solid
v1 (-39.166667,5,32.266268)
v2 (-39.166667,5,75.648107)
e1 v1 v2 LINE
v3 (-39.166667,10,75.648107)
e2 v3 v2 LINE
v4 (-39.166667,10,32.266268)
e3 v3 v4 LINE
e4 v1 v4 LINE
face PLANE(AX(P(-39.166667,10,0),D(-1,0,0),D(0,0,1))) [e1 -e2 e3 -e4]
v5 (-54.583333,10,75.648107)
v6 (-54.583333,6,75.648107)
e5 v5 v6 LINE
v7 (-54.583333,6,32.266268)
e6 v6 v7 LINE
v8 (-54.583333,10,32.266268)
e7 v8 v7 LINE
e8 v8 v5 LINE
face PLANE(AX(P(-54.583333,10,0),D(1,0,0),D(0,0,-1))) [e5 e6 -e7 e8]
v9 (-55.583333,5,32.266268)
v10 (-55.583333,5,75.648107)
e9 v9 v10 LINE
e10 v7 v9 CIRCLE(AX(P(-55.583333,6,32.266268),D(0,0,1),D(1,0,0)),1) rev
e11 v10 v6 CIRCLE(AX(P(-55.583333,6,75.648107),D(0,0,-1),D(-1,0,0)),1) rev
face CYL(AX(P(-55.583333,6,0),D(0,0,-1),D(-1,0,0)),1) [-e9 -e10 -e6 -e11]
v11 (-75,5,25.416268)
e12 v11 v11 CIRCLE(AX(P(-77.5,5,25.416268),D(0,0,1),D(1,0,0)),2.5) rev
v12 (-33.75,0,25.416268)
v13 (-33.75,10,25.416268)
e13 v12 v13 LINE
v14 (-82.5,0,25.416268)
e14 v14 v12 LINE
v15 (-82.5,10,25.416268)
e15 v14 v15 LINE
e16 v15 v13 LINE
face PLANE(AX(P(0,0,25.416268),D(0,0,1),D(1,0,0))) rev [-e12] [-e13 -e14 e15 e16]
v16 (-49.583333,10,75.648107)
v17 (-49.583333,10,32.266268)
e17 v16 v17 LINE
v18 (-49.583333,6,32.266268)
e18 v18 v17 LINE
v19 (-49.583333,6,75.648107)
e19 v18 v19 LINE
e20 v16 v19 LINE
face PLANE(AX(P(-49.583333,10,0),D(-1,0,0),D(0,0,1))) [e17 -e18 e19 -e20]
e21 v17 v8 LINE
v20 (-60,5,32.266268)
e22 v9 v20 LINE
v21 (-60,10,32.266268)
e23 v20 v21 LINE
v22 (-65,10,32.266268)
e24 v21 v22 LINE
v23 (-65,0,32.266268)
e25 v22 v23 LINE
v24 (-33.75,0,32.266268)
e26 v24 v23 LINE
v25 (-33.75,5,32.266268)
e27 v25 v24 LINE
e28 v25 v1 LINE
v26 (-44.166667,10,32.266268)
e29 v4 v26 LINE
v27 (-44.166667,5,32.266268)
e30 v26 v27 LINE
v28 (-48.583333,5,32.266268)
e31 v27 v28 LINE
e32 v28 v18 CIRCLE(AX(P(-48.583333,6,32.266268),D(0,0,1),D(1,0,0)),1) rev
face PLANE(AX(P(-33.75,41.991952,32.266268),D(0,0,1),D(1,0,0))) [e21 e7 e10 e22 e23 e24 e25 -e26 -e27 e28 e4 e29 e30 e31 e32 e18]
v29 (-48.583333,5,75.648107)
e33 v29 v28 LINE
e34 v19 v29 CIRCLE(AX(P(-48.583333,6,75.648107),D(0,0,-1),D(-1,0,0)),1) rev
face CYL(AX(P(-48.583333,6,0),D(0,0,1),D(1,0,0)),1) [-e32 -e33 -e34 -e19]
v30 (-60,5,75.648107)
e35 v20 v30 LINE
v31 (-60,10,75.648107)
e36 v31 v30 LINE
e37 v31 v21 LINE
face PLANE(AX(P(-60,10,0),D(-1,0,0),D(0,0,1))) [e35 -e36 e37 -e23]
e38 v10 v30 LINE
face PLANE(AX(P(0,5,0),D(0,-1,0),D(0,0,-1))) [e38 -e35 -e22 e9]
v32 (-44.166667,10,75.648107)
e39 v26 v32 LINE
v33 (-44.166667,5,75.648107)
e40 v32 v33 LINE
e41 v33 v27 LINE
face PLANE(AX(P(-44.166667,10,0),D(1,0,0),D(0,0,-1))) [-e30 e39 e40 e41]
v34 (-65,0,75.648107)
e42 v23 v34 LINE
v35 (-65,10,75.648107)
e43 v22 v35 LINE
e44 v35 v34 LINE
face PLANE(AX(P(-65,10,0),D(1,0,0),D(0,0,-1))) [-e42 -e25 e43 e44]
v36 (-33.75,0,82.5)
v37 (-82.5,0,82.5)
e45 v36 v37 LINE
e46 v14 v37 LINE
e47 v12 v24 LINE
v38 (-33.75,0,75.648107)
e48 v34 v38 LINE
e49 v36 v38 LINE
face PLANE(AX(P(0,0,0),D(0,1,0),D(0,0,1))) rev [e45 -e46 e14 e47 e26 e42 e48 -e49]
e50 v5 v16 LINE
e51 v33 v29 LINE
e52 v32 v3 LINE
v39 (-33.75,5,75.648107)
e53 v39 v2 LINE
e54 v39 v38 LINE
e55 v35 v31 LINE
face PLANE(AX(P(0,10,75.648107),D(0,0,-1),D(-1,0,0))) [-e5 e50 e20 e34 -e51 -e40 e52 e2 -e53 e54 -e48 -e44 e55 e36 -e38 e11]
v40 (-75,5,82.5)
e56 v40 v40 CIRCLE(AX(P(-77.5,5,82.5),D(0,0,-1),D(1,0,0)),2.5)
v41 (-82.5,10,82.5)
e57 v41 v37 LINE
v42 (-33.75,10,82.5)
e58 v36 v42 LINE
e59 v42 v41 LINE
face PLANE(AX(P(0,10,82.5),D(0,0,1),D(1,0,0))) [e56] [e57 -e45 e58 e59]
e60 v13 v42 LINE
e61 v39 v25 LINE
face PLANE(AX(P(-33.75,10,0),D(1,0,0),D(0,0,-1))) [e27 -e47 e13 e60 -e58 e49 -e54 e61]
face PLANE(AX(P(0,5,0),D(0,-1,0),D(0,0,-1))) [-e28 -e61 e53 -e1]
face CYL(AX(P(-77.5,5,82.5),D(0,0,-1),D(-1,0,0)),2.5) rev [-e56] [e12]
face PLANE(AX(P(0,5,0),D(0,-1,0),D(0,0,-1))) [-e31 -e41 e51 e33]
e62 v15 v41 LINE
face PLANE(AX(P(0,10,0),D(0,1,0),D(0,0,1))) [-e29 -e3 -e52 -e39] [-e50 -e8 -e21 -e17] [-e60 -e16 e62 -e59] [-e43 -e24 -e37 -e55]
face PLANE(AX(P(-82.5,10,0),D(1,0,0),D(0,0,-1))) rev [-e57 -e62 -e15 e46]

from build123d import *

# Parameters (mm, degrees)
ESQUISSE1_W             = 5
ESQUISSE1_H             = 150
ESQUISSE1_R             = 15
BASE_DEPTH              = 10
VIDE_VIS_DEPTH          = 127.219055614
VIDE_VIS_DEPTH_BACK     = 127.219055614
ESQUISSE5_R             = 2.5
ESQUISSE6_W             = 130
ESQUISSE6_H             = 150
ENL_V_MAT_EXTRU_6_DEPTH = 5
VIDE_TEST_DEPTH         = 118.100384286
ESQUISSE8_W             = 31.25
ESQUISSE8_H             = 6.85
BOSS_FERME_DEPTH        = 10
CONGE_TEST_R            = 1


with BuildPart() as part:
    # Esquisse1 → BASE (new body)
    with BuildSketch(Plane(origin=(0, 0, 0), x_dir=(1, 0, 0), z_dir=(0, 1, 0))):
        Polygon((-82.5, 82.5), (-82.5, 77.5), (-72.5, 77.5), (-72.5, 67.5), (-82.5, 67.5), (-82.5, -2.5), (-72.5, -2.5), (-72.5, -12.5), (-82.5, -12.5), (-82.5, -82.5), (82.5, -82.5), (82.5, -12.5), (72.5, -12.5), (72.5, -2.5), (82.5, -2.5), (82.5, 67.5), (72.5, 67.5), (72.5, 77.5), (82.5, 77.5), (82.5, 82.5), align=None)
        with BuildLine():
            ThreePointArc((-12.916666667, -10.915030923), (-10.627210874, -13.27000839), (-7.916666667, -15.124860621))
            Line((-7.916666667, -15.124860621), (-7.916666667, -75.648107225))
            Line((-7.916666667, -75.648107225), (-12.916666667, -75.648107225))
            Line((-12.916666667, -75.648107225), (-12.916666667, -10.915030923))
        make_face(mode=Mode.SUBTRACT)
        with Locations((-62.5, -0.648107225)):
            Rectangle(ESQUISSE1_W, ESQUISSE1_H, mode=Mode.SUBTRACT)
        with Locations((-52.083333333, -0.648107225)):
            Rectangle(ESQUISSE1_W, ESQUISSE1_H, mode=Mode.SUBTRACT)
        with Locations((-41.666666667, -0.648107225)):
            Rectangle(ESQUISSE1_W, ESQUISSE1_H, mode=Mode.SUBTRACT)
        with Locations((-31.25, -0.648107225)):
            Rectangle(ESQUISSE1_W, ESQUISSE1_H, mode=Mode.SUBTRACT)
        with Locations((-20.833333333, -0.648107225)):
            Rectangle(ESQUISSE1_W, ESQUISSE1_H, mode=Mode.SUBTRACT)
        with Locations(Location((0, -0.648107225, 0), (0, 0, 270))):
            Circle(ESQUISSE1_R, mode=Mode.SUBTRACT)
        with BuildLine():
            Line((-2.5, -75.648107225), (-2.5, -16.957613655))
            ThreePointArc((-2.5, -16.957613655), (0, -17.148107225), (2.5, -16.957613655))
            Line((2.5, -16.957613655), (2.5, -75.648107225))
            Line((2.5, -75.648107225), (-2.5, -75.648107225))
        make_face(mode=Mode.SUBTRACT)
        with BuildLine():
            Line((7.916666667, -75.648107225), (7.916666667, -15.124860621))
            ThreePointArc((7.916666667, -15.124860621), (10.627210874, -13.27000839), (12.916666667, -10.915030923))
            Line((12.916666667, -10.915030923), (12.916666667, -75.648107225))
            Line((12.916666667, -75.648107225), (7.916666667, -75.648107225))
        make_face(mode=Mode.SUBTRACT)
        with BuildLine():
            Line((-12.916666667, 9.618816473), (-12.916666667, 74.351892775))
            Line((-12.916666667, 74.351892775), (-7.916666667, 74.351892775))
            Line((-7.916666667, 74.351892775), (-7.916666667, 13.828646171))
            ThreePointArc((-7.916666667, 13.828646171), (-10.627210874, 11.973793941), (-12.916666667, 9.618816473))
        make_face(mode=Mode.SUBTRACT)
        with Locations((20.833333333, -0.648107225)):
            Rectangle(ESQUISSE1_W, ESQUISSE1_H, mode=Mode.SUBTRACT)
        with Locations((31.25, -0.648107225)):
            Rectangle(ESQUISSE1_W, ESQUISSE1_H, mode=Mode.SUBTRACT)
        with Locations((41.666666667, -0.648107225)):
            Rectangle(ESQUISSE1_W, ESQUISSE1_H, mode=Mode.SUBTRACT)
        with Locations((52.083333333, -0.648107225)):
            Rectangle(ESQUISSE1_W, ESQUISSE1_H, mode=Mode.SUBTRACT)
        with Locations((62.5, -0.648107225)):
            Rectangle(ESQUISSE1_W, ESQUISSE1_H, mode=Mode.SUBTRACT)
        with BuildLine():
            Line((-2.5, 15.661399205), (-2.5, 74.351892775))
            Line((-2.5, 74.351892775), (2.5, 74.351892775))
            Line((2.5, 74.351892775), (2.5, 15.661399205))
            ThreePointArc((2.5, 15.661399205), (0, 15.851892775), (-2.5, 15.661399205))
        make_face(mode=Mode.SUBTRACT)
        with BuildLine():
            Line((12.916666667, 74.351892775), (12.916666667, 9.618816473))
            ThreePointArc((12.916666667, 9.618816473), (10.627210874, 11.973793941), (7.916666667, 13.828646171))
            Line((7.916666667, 13.828646171), (7.916666667, 74.351892775))
            Line((7.916666667, 74.351892775), (12.916666667, 74.351892775))
        make_face(mode=Mode.SUBTRACT)
    extrude(amount=BASE_DEPTH)

    # Esquisse5 → VIDE VIS (cut, two sides: drawn at the far end of the back side and taken through both)
    with BuildSketch(Plane(origin=(0, 0, 12.5), x_dir=(-1, 0, 0), z_dir=(0, 0, -1)).offset(-VIDE_VIS_DEPTH_BACK)):
        with Locations((-77.5, 5)):
            Circle(ESQUISSE5_R)
        with Locations(Location((77.5, 5, 0), (0, 0, 180))):
            Circle(ESQUISSE5_R)
    extrude(amount=VIDE_VIS_DEPTH + VIDE_VIS_DEPTH_BACK, mode=Mode.SUBTRACT)

    # Esquisse6 → Enlèv. mat.-Extru.6 (cut)
    with BuildSketch(Plane.XZ):
        with Locations((0, 0.648107225)):
            Rectangle(ESQUISSE6_W, ESQUISSE6_H)
    extrude(amount=-ENL_V_MAT_EXTRU_6_DEPTH, mode=Mode.SUBTRACT)

    # Esquisse7 → VIDE TEST (cut, through all)
    with BuildSketch(Plane(origin=(0, 10, 0), x_dir=(1, 0, 0), z_dir=(0, 1, 0))):
        Polygon((-33.75, -25.416267648), (-33.75, -82.5), (82.5, -82.5), (82.5, 82.5), (-82.5, 82.5), (-82.5, -25.416267648), align=None)
    extrude(amount=-VIDE_TEST_DEPTH, mode=Mode.SUBTRACT)

    # Esquisse8 → BOSS FERME (add)
    with BuildSketch(Plane.XZ):
        with Locations((-49.375, 28.841267648)):
            Rectangle(ESQUISSE8_W, ESQUISSE8_H)
    extrude(amount=-BOSS_FERME_DEPTH)

    # CONGE TEST
    conge_test_edges = [part.edges().sort_by_distance(p)[0] for p in [
        (-54.583333333, 5, 53.957187436),
        (-49.583333333, 5, 53.957187436),
    ]]
    fillet(conge_test_edges, radius=CONGE_TEST_R)


solid = part.part
